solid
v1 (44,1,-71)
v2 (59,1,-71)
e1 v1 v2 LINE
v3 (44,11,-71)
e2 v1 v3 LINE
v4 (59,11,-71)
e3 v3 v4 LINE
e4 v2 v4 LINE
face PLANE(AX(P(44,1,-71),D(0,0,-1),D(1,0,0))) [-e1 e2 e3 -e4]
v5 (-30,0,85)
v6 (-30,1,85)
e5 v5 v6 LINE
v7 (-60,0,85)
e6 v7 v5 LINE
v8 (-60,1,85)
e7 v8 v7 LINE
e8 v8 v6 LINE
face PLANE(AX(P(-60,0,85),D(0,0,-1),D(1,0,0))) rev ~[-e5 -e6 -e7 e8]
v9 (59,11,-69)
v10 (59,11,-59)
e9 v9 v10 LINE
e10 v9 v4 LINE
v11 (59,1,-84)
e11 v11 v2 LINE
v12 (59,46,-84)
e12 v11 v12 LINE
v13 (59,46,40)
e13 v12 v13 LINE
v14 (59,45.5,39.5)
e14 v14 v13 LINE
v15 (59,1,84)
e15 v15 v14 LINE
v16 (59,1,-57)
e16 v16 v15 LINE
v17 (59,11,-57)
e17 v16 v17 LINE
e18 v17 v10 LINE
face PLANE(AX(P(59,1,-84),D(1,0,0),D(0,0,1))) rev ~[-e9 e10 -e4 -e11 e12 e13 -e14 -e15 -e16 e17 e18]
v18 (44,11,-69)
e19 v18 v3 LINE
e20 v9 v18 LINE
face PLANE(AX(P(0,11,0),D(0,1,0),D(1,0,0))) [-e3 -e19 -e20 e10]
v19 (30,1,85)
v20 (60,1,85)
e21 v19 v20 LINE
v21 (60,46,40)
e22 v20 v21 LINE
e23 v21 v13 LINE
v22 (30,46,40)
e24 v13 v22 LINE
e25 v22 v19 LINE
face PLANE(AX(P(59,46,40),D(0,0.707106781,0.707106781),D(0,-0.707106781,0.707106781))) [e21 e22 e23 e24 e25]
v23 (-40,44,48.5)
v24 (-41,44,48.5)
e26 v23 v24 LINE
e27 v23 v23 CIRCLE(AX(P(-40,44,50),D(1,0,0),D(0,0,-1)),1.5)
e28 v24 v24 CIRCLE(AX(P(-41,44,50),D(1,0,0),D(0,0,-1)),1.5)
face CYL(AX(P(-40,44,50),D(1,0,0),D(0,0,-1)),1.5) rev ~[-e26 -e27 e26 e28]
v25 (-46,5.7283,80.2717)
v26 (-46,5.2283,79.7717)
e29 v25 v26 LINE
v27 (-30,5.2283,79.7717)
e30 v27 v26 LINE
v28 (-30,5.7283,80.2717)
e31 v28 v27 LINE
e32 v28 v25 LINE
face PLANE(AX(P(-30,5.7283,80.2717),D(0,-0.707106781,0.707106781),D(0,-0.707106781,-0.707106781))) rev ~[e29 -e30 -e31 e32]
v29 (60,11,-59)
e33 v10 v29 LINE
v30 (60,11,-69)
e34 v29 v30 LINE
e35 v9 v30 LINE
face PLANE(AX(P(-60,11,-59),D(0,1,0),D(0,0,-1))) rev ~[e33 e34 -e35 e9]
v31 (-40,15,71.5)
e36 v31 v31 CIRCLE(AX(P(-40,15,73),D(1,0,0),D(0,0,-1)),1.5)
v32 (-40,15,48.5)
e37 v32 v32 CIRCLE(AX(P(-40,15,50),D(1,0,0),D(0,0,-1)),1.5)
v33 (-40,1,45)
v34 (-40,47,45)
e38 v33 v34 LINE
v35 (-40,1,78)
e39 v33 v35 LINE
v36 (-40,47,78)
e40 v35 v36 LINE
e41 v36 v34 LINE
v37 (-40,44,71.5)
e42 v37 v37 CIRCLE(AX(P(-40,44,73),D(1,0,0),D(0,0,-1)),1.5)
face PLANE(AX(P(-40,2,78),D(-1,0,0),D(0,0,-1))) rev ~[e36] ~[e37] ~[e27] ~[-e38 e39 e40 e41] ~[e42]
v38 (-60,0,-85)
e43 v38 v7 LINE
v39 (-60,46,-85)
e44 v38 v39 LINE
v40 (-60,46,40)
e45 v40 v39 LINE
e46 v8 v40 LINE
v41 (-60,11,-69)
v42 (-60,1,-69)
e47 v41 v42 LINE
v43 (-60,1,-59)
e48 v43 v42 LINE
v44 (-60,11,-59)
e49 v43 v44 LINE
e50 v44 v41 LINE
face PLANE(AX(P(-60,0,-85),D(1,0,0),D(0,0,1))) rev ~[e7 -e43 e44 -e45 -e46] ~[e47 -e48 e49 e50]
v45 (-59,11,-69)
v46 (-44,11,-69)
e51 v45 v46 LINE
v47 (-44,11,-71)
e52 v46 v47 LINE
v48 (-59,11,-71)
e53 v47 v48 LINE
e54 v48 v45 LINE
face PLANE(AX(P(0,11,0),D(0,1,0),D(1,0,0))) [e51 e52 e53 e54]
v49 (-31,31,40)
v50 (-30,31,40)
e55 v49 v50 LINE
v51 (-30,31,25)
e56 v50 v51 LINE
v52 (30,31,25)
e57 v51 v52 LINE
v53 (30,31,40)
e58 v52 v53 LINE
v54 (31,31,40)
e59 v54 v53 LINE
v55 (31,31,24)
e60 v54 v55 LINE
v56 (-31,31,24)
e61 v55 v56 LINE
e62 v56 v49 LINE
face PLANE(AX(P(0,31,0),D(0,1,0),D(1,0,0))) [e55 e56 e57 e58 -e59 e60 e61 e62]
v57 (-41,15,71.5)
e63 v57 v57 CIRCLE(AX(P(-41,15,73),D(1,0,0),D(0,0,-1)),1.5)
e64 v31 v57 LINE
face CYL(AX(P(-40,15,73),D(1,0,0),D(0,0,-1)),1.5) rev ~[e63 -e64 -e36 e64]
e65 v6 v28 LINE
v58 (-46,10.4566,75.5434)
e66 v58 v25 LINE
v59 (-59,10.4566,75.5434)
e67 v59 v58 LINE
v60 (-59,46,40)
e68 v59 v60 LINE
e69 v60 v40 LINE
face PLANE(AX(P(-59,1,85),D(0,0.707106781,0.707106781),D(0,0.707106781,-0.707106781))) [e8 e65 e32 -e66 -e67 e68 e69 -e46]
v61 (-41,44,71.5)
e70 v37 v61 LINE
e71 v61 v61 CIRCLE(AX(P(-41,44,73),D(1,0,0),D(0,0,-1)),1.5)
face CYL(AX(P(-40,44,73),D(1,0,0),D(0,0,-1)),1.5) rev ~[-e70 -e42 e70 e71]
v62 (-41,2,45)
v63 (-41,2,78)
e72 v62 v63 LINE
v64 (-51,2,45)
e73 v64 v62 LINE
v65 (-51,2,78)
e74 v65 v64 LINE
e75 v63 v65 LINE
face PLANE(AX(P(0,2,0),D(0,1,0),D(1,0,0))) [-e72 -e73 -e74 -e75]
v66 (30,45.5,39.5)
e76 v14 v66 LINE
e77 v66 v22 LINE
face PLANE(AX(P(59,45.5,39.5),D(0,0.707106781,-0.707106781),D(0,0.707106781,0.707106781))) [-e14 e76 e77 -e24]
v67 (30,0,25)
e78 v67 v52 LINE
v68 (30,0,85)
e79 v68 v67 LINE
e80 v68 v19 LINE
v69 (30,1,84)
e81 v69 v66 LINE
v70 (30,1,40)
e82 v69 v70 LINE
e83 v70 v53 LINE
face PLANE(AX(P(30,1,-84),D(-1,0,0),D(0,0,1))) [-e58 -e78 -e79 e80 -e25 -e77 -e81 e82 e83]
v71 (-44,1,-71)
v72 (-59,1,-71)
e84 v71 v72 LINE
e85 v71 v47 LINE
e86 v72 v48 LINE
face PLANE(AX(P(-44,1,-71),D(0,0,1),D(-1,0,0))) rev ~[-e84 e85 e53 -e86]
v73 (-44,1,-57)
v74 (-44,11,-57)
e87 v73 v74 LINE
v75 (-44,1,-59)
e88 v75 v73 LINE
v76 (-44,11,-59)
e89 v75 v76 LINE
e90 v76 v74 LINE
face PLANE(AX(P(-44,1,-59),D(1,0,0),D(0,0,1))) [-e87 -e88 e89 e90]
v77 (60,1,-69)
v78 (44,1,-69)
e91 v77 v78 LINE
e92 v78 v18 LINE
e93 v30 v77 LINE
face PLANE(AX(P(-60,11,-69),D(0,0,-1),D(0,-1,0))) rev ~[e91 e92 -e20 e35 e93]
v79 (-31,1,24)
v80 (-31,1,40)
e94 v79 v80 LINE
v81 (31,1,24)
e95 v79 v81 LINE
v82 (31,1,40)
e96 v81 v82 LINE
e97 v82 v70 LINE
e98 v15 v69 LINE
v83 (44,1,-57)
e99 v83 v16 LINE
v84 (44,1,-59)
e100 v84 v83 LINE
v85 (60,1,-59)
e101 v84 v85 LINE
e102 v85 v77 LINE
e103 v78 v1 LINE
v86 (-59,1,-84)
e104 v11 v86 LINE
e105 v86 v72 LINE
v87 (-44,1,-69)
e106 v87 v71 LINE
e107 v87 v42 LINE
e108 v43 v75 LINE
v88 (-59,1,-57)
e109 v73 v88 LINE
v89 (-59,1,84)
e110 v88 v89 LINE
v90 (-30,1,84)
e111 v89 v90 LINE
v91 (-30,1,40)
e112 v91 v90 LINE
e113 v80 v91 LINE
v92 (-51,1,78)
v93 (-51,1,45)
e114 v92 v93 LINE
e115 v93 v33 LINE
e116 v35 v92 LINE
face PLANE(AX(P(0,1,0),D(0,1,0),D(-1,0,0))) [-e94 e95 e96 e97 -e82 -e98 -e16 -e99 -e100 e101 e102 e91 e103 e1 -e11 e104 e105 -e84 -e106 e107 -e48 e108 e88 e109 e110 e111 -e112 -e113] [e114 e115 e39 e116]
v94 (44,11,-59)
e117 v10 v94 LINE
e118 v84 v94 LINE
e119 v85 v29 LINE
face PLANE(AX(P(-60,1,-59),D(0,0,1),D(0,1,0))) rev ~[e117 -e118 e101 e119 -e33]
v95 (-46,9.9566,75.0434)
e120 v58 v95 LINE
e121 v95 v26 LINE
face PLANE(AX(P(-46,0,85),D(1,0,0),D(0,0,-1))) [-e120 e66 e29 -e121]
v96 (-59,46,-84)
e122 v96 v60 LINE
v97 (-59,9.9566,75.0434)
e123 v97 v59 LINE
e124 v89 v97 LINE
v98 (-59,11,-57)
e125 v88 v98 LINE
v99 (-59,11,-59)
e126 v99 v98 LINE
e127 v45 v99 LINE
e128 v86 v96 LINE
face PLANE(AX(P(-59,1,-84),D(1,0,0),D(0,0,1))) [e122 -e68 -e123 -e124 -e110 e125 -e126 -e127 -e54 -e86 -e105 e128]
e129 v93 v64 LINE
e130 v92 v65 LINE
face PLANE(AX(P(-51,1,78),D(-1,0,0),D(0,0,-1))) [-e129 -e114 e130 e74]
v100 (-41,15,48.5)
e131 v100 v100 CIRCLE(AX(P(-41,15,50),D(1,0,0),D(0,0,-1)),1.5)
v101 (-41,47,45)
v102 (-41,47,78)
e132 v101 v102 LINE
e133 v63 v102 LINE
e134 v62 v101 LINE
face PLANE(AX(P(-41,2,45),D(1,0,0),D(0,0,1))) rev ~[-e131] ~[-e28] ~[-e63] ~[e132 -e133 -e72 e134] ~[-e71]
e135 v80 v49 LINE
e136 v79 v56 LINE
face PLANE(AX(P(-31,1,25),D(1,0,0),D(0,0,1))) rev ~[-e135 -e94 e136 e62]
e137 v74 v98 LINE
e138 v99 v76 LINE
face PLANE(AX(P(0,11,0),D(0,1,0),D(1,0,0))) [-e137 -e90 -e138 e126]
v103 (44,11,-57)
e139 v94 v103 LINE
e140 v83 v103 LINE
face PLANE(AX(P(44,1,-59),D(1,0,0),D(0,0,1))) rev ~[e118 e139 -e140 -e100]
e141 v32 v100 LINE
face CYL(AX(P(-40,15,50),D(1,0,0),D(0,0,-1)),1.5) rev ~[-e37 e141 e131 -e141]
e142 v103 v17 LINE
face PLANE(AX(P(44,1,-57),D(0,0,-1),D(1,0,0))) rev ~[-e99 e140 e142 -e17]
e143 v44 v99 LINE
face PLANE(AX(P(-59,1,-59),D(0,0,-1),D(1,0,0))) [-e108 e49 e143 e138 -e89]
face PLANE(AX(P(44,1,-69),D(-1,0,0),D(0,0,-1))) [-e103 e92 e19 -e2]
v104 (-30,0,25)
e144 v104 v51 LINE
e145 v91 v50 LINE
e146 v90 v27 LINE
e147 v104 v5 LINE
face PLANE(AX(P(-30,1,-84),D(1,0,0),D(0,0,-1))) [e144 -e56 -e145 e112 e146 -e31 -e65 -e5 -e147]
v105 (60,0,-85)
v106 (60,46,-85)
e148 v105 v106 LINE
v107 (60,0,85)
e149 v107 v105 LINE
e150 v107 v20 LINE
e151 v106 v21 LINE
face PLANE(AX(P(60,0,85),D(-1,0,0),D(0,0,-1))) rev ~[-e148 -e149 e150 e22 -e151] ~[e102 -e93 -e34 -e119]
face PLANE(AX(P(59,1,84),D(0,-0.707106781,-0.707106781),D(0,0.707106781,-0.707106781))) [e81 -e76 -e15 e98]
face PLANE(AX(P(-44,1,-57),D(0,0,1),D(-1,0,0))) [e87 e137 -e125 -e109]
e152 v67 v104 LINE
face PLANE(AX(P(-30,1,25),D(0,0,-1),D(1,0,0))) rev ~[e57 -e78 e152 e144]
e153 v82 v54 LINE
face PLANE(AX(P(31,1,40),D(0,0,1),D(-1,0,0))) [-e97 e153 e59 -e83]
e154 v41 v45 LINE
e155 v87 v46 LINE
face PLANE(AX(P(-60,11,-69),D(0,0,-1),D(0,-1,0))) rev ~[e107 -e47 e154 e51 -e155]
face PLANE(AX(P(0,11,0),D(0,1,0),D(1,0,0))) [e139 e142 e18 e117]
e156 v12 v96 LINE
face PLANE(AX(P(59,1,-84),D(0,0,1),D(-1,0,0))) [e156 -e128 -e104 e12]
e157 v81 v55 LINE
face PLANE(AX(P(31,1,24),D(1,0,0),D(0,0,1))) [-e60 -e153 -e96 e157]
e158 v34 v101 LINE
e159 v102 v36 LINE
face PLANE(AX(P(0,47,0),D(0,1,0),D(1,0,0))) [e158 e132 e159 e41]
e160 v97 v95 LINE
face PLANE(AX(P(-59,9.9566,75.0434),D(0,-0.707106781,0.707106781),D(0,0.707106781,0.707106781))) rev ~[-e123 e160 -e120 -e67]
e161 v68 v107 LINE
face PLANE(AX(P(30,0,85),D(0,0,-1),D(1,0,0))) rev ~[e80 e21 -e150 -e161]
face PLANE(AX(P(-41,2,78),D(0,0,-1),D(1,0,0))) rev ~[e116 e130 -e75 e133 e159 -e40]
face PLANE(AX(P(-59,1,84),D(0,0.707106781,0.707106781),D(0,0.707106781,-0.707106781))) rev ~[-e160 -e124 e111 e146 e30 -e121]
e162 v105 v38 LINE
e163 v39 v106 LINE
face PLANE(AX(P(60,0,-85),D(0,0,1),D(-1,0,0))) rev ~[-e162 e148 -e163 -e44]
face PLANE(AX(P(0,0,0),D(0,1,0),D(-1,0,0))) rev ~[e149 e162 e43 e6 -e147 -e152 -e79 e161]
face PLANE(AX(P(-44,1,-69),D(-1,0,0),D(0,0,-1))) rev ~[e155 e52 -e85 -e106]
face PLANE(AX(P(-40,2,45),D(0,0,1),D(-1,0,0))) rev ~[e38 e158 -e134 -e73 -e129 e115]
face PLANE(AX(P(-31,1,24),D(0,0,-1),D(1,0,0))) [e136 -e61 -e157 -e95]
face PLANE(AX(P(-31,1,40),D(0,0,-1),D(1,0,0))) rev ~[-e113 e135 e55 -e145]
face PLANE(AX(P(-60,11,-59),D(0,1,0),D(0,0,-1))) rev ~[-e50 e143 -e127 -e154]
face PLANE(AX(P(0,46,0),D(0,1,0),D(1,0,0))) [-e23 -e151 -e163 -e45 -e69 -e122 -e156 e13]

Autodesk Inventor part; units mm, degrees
ref_plane "YZ Plane" through (0, 0, 0) normal (1, 0, 0) x (0, 1, 0)
ref_plane "XZ Plane" through (0, 0, 0) normal (0, 1, 0) x (-1, 0, 0)
ref_plane "XY Plane" through (0, 0, 0) normal (0, 0, 1) x (1, 0, 0)
sketch "Boceto1" plane through (0, 0, 0) normal (0, 1, 0) x (-1, 0, 0)
  line L0 (-60, 85) -> (-60, -85)
  line L1 (-60, -85) -> (60, -85)
  line L2 (60, -85) -> (60, 85)
  line L3 (-30, 85) -> (-30, 25)
  line L4 (-30, 25) -> (30, 25)
  line L5 (30, 25) -> (30, 85)
  line L6 (60, 85) -> (30, 85)
  line L7 (-30, 85) -> (-60, 85)
  point P0 (0, 0)
  dimension "d0" = 120
  dimension "d1" = 170
  dimension "d2" = 60
  dimension "d4" = 60
  dimension "d5" = 60
  dimension "d6" = 30
  dimension "d11" = 60
  dimension "d12" = 85
extrude "Extrusión1" add sketch "Boceto1" along normal blind 1
sketch "Boceto2" plane through (0, 1, 0) normal (0, 1, 0) x (1, 0, 0)
  line L0 (-60, 85) -> (-55, 85)
  line L1 (-59, 84) -> (-59, -85)
  line L2 (-59, -85) -> (-60, -85)
  line L3 (-60, -85) -> (-60, 85)
  line L4 (60, -85) -> (60, 85) projected
  line L5 (-60, 85) -> (60, 85)
  line L6 (60, 85) -> (60, 84)
  line L7 (59, 84) -> (-59, 84)
  line L8 (-60, 20) -> (-60, 85)
  line L9 (60, 85) -> (55, 85)
  line L10 (59, 84) -> (59, -85)
  line L11 (59, -85) -> (60, -85)
  line L12 (60, -85) -> (60, 85)
  line L13 (-30, -25) -> (30, -25)
  point P0 (0, 0)
  point P1 (60, -85)
  point P2 (60, 85)
  dimension "d15" = 1
  dimension "d17" = 1
  dimension "d18" = 1
  dimension "d22" = 170
  dimension "d23" = 1
  dimension "d24" = 170
  dimension "d57" = 0
  dimension "d58" = 0
  dimension "d59" = 5
  dimension "d60" = 115
  dimension "d61" = 115
  dimension "d62" = 0
  dimension "d63" = 0
  dimension "d64" = 0
extrude "Extrusión2" add sketch "Boceto2" along normal blind 45
sketch "Sketch37" plane through (0, 1, 0) normal (0, 1, 0) x (1, 0, 0)
  line L0 (-30, -25) -> (30, -25)
  line L1 (30, -24) -> (-30, -24)
  line L2 (-31, -25) -> (-31, -40)
  line L3 (-31, -40) -> (-30, -40)
  line L4 (-30, -40) -> (-30, -25)
  line L5 (30, -25) -> (30, -85) projected
  line L6 (31, -25) -> (31, -40)
  line L7 (31, -40) -> (30, -40)
  line L8 (30, -40) -> (30, -25)
  line L9 (-31, -25) -> (-31, -24)
  line L10 (-31, -24) -> (-30, -24)
  line L11 (30, -24) -> (31, -24)
  line L12 (31, -24) -> (31, -25)
  point P0 (0, 0)
  dimension "d127" = 1
  dimension "d129" = 1
  dimension "d130" = 90
  dimension "d131" = 16
  dimension "d132" = 15
  dimension "d133" = 0
  dimension "d134" = 60
  dimension "d135" = 15
  dimension "d136" = 15
extrude "Extrusion26" add sketch "Sketch37" along normal blind 30
sketch "Sketch39" plane through (0, 1, 0) normal (0, 1, 0) x (1, 0, 0)
  line L0 (-51, -45) -> (-40, -45)
  line L1 (-40, -45) -> (-40, -78)
  line L2 (-40, -78) -> (-51, -78)
  line L3 (-51, -78) -> (-51, -45)
  line L4 (-30, -85) -> (-30, -40) projected
  line L5 (-59, -85) -> (-30, -85) projected
  point P0 (0, 0)
  dimension "d139" = 11
  dimension "d140" = 33
  dimension "d141" = 10
  dimension "d142" = 7
extrude "Extrusion27" add sketch "Sketch39" along normal blind 1
sketch "Sketch42" plane through (-59, 1, 85) normal (1, 0, 0) x (0, 0, -1)
  line L0 (0, 45) -> (169, 45) projected
  line L1 (0, 0) -> (45, 0) construction
  line L2 (45, 0) -> (45, 45) construction
  line L3 (45, 45) -> (0, 45) construction
  line L4 (0, 45) -> (0, 0) construction
  line L5 (0, 0) -> (169, 0) projected
  line L6 (169, 0) -> (169, 45) projected
  line L7 (0, 45) -> (169, 45) projected
  line L8 (0, 0) -> (0, 45) projected
  line L9 (0, -1) -> (0, 0) projected
  line L10 (170, -1) -> (0, -1) projected
  line L11 (170, 45) -> (170, -1) projected
  line L12 (169, 45) -> (170, 45) projected
  line L13 (0, 0) -> (45, 45)
  line L14 (0, 45) -> (0, 0)
  line L15 (0, -1) -> (0, 45) projected
  point P0 (85, -1)
  dimension "d159" = 45
extrude "Extrusion30" cut sketch "Sketch42" against normal blind 33.25 contours L0 L13 L8
sketch "Sketch43" plane through (-59, 1, -84) normal (1, 0, 0) x (0, 0, -1)
  line L0 (0, 0) -> (-169, 0) projected
  line L1 (-159.5434, 0) -> (-159.5434, 11.2545) construction
  line L2 (-169, 0) -> (-124, 45) projected
  line L3 (-159.5434, 9.4566) -> (-169, 0)
  line L4 (-169, 0) -> (-168, 0)
  line L5 (-168, 0) -> (-159.0434, 8.9566)
  line L6 (-159.0434, 8.9566) -> (-159.5434, 9.4566)
  point P0 (-84, -1)
  dimension "d162" = 1
extrude "Extrusion31" add sketch "Sketch43" along normal blind 29
sketch "Sketch45" plane through (-30, 0, 85) normal (1, 0, 0) x (0, 0, -1)
  line L0 (9.4566, 10.4566) -> (0, 1) projected
  line L1 (4.7283, 5.7283) -> (9.4566, 10.4566)
  line L2 (9.4566, 10.4566) -> (9.9566, 9.9566) projected
  line L3 (9.4566, 10.4566) -> (9.9566, 9.9566)
  line L4 (9.9566, 9.9566) -> (5.2283, 5.2283)
  line L5 (1, 1) -> (9.9566, 9.9566) projected
  line L6 (4.7283, 5.7283) -> (5.2283, 5.2283)
  point P0 (85, 0)
extrude "Extrusion33" cut sketch "Sketch45" against normal blind 16
sketch "Sketch46" plane through (0, 2, 0) normal (0, 1, 0) x (1, 0, 0)
  line L0 (-40, -78) -> (-40, -45) projected
  line L1 (-40, -45) -> (-41, -45)
  line L2 (-41, -45) -> (-41, -78)
  line L3 (-41, -78) -> (-40, -78)
  line L4 (-40, -78) -> (-40, -45)
  point P0 (0, 0)
  dimension "d169" = 1
extrude "Extrusion34" add sketch "Sketch46" along normal blind 45
sketch "Sketch47" plane through (-40, 1, 78) normal (1, 0, 0) x (0, 0, -1)
  line L0 (5, 43) -> (28, 43) construction
  line L1 (0, 0) -> (0, 46) projected
  line L2 (5, 14) -> (28, 14) construction
  line L3 (0, 46) -> (33, 46) projected
  circle A0 centre (5, 43) radius 1.5
  circle A1 centre (28, 43) radius 1.5
  circle A2 centre (5, 14) radius 1.5
  circle A3 centre (28, 14) radius 1.5
  point P0 (78, -1)
  dimension "d172" = 23
  dimension "d173" = 5
  dimension "d174" = 29
  dimension "d175" = 3
  dimension "d176" = 3
  dimension "d177" = 3
  dimension "d178" = 3
  dimension "d179" = 3
extrude "Extrusion35" cut sketch "Sketch47" against normal blind 1
sketch "Sketch50" plane through (60, 0, 85) normal (1, 0, 0) x (0, 0, -1)
  line L0 (0, 1) -> (45, 46) projected
  line L1 (0, 1) -> (45, 46)
  line L2 (169, 46) -> (0, 46) projected
  line L3 (45, 46) -> (0, 46)
  line L4 (0, 46) -> (0, 1)
  line L5 (0, 0) -> (0, 46) projected
  point P0 (85, 0)
extrude "Extrusion36" cut sketch "Sketch50" against normal blind 1
sketch "Sketch51" plane through (59, 1, -84) normal (-1, 0, 0) x (0, 0, 1)
  line L0 (124, 45) -> (169, 0) projected
  line L1 (124, 45) -> (169, 0)
  line L2 (169, 0) -> (168, 0)
  line L3 (169, 0) -> (0, 0) projected
  line L4 (168, 0) -> (123.5, 44.5)
  line L5 (0, 45) -> (124, 45) projected
  line L6 (123.5, 44.5) -> (124, 45)
  point P0 (84, -1)
  dimension "d185" = 1
extrude "Extrusion37" add sketch "Sketch51" along normal blind 29
sketch "Sketch52" plane through (-60, 0, -85) normal (-1, 0, 0) x (0, 0, 1)
  line L0 (169, 1) -> (1, 1) projected
  line L1 (16, 1) -> (26, 1)
  line L2 (26, 1) -> (26, 11)
  line L3 (26, 11) -> (16, 11)
  line L4 (16, 11) -> (16, 1)
  line L5 (1, 1) -> (1, 46) projected
  point P0 (85, 0)
  point P1 (26, 1)
  dimension "d188" = 10
  dimension "d189" = 10
  dimension "d190" = 15
extrude "Extrusion38" cut sketch "Sketch52" against normal blind 120
sketch "Sketch53" plane through (0, 1, 0) normal (0, 1, 0) x (1, 0, 0)
  line L0 (-59, 69) -> (-44, 69)
  line L1 (-44, 69) -> (-44, 71)
  line L2 (-44, 71) -> (-59, 71)
  line L3 (-59, 71) -> (-59, 69)
  line L4 (-59, 59) -> (-59, -84) projected
  line L5 (-59, 59) -> (-44, 59)
  line L6 (-44, 59) -> (-44, 57)
  line L7 (-44, 57) -> (-59, 57)
  line L8 (-59, 57) -> (-59, 59)
  line L9 (59, 69) -> (59, 84) projected
  line L10 (59, 69) -> (44, 69)
  line L11 (44, 69) -> (44, 71)
  line L12 (44, 71) -> (59, 71)
  line L13 (59, 71) -> (59, 69)
  line L14 (59, 69) -> (59, 59) projected
  line L15 (59, 59) -> (44, 59)
  line L16 (44, 59) -> (44, 57)
  line L17 (44, 57) -> (59, 57)
  line L18 (59, 57) -> (59, 59)
  point P0 (0, 0)
  dimension "d193" = 15
  dimension "d194" = 2
  dimension "d195" = 15
  dimension "d196" = 2
  dimension "d197" = 15
extrude "Extrusion39" add sketch "Sketch53" along normal blind 10
properties part number "Chasisneww"
